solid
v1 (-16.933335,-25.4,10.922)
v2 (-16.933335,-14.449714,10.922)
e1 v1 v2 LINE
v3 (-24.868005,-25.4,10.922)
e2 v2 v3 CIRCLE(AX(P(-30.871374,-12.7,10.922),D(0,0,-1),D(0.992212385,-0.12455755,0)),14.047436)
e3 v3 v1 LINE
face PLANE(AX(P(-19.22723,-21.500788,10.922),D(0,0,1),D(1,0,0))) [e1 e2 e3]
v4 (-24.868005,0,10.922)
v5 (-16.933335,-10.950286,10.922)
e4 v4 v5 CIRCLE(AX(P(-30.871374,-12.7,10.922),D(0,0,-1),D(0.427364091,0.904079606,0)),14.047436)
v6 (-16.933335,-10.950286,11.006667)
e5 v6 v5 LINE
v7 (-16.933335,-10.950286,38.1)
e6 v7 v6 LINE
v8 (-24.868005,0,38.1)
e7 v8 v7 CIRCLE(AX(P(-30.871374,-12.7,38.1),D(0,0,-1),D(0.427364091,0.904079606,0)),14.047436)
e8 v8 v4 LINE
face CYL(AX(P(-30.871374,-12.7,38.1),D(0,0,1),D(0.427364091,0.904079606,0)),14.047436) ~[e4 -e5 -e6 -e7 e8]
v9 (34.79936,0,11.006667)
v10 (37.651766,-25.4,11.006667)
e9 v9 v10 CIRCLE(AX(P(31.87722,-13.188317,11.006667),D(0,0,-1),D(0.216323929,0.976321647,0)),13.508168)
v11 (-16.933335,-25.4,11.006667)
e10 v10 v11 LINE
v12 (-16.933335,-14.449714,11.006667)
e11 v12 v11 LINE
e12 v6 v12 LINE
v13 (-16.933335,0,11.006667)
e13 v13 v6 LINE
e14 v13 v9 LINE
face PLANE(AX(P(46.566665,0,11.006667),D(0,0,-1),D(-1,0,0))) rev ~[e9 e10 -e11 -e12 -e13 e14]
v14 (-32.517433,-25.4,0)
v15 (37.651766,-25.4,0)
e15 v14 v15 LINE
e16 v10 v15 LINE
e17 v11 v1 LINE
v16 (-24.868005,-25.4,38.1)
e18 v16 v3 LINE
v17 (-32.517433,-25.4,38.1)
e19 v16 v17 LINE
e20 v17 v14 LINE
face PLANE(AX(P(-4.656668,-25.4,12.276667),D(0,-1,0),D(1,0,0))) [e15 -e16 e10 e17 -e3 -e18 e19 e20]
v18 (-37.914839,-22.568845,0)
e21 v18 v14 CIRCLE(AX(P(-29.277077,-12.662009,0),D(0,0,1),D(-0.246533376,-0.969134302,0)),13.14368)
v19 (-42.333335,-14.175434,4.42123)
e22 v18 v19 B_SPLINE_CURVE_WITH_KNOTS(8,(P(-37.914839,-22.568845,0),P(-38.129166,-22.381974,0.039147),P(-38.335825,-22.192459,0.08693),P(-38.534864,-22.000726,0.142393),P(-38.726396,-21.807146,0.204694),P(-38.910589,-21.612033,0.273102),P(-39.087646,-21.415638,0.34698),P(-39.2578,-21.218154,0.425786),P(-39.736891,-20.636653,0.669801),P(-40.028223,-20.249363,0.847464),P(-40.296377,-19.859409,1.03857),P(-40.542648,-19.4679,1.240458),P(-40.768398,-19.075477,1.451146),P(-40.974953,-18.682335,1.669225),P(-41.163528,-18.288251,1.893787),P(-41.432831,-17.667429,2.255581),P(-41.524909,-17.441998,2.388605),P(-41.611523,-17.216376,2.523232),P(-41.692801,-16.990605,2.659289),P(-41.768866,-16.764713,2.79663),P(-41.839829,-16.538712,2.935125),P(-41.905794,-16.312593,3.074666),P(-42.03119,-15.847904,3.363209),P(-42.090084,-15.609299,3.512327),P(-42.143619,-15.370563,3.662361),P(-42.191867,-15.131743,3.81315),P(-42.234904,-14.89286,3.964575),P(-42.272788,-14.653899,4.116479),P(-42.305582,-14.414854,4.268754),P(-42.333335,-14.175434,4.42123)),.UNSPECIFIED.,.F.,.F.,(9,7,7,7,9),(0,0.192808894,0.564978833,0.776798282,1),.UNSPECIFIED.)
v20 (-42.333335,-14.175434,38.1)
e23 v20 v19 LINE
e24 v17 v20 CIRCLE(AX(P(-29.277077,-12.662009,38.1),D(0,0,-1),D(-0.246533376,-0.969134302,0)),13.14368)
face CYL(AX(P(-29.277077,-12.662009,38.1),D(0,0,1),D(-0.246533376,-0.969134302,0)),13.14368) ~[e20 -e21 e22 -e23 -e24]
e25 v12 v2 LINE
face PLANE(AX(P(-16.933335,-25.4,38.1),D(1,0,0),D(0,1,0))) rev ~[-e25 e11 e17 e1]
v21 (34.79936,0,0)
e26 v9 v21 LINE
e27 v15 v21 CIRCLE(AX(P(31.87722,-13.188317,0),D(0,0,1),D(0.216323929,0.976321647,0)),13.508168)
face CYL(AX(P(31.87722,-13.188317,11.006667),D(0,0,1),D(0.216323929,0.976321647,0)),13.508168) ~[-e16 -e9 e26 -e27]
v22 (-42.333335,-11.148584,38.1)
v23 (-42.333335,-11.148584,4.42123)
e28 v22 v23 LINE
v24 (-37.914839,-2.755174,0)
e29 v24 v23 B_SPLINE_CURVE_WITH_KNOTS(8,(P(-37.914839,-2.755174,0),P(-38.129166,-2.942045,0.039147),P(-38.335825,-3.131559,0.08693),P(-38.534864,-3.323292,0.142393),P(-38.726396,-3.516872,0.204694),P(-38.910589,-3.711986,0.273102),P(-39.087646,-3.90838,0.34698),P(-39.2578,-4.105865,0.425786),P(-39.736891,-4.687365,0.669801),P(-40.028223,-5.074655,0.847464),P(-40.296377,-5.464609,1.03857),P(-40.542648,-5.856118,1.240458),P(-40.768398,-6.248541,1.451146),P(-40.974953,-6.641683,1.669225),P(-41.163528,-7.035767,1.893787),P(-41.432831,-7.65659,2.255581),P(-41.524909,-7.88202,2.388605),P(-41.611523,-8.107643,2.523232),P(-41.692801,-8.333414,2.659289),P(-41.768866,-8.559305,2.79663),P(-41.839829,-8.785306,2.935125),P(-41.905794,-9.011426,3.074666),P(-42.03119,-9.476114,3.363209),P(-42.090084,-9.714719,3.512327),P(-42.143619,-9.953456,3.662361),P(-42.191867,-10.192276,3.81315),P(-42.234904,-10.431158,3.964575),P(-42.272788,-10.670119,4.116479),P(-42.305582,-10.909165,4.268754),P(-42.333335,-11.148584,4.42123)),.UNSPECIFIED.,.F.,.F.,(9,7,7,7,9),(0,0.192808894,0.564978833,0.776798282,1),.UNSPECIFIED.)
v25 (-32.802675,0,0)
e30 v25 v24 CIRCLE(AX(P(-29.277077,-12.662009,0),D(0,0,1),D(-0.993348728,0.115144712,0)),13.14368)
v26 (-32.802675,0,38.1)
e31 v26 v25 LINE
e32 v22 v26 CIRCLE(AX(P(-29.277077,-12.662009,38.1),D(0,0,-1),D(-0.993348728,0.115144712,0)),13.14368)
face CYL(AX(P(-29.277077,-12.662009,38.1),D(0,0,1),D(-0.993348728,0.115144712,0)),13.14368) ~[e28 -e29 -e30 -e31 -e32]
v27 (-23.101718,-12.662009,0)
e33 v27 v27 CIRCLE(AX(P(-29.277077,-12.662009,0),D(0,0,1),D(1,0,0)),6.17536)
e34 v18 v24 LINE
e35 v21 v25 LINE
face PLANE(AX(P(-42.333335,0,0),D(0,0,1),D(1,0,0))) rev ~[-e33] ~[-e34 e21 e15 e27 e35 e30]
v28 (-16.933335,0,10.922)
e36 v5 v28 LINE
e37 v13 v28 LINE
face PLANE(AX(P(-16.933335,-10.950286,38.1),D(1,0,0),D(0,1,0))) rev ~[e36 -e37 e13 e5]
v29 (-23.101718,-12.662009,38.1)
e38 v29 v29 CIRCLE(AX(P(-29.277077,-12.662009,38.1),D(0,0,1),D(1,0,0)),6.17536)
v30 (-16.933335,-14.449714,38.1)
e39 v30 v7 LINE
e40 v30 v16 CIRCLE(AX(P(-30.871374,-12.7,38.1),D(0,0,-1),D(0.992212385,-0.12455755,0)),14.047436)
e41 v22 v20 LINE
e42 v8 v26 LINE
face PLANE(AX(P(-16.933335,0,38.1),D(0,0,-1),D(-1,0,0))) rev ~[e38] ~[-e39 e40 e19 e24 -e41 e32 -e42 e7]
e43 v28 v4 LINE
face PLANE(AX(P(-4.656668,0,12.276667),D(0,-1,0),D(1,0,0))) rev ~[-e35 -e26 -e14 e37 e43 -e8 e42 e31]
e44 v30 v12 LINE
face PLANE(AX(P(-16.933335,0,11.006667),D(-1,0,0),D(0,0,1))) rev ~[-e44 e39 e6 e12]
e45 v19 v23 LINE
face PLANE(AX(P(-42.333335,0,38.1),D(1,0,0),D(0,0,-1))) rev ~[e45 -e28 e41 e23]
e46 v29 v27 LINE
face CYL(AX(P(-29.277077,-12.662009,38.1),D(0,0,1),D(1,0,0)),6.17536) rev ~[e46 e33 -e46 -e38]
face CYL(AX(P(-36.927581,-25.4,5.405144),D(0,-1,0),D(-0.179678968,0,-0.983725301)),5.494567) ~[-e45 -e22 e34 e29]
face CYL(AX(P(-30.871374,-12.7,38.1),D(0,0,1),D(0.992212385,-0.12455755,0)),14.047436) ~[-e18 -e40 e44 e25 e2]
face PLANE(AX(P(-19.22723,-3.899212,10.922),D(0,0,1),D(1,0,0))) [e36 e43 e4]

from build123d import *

# Parameters (mm, degrees)
F1_DEPTH  = 25.4
F3_DEPTH  = 25.4
F5_DEPTH  = 25.4
F7_DEPTH  = 25.4
F9_DEPTH  = 50.8
F11_DEPTH = 27.178
F13_DEPTH = 25.4
F14_R     = 6.1753595884
F15_DEPTH = 50.8


with BuildPart() as f1:
    # F0 (on Front) → F1 (new body)
    with BuildSketch(Plane.XZ):
        Polygon((-42.333334913, 38.1), (-42.333334913, 0), (46.566665087, 0), (46.566665087, 11.0066671406), (-16.933334913, 11.0066671406), (-16.933334913, 38.1), align=None)
    extrude(amount=F1_DEPTH)

    # F2 (on face) → F3 (cut)
    with BuildSketch(Plane.XZ.offset(25.4)):
        with BuildLine():
            ThreePointArc((-37.9148391216, 0), (-40.8140278818, 1.5211007742), (-42.333334913, 4.4212299399))
            Line((-42.333334913, 4.4212299399), (-42.333334913, 0))
            Line((-42.333334913, 0), (-37.9148391216, 0))
        make_face()
    extrude(amount=-F3_DEPTH, mode=Mode.SUBTRACT)

    # F4 (on face) → F5 (cut)
    with BuildSketch(Plane.XY.offset(11.0066671406)):
        with BuildLine():
            ThreePointArc((34.7993597388, 0), (45.3010079388, -11.6808324), (37.6517660916, -25.4))
            Line((37.6517660916, -25.4), (46.566665087, -25.4))
            Line((46.566665087, -25.4), (46.566665087, 0))
            Line((46.566665087, 0), (34.7993597388, 0))
        make_face()
    extrude(amount=-F5_DEPTH, mode=Mode.SUBTRACT)

    # F6 (on face) → F7 (cut)
    with BuildSketch(Plane.XY.offset(38.1)):
        with BuildLine():
            ThreePointArc((-16.933334913, -24.7742129951), (-12.9263389557, -18.5421251923), (-11.5236387204, -11.2670054659))
            ThreePointArc((-11.5236387204, -11.2670054659), (-49.0871210436, -3.583342718), (-17.5579703651, -25.4))
            Line((-17.5579703651, -25.4), (-42.333334913, -25.4))
            Line((-42.333334913, -25.4), (-42.333334913, 0))
            Line((-42.333334913, 0), (-16.933334913, 0))
            Line((-16.933334913, 0), (-16.933334913, -24.7742129951))
        make_face()
    extrude(amount=-F7_DEPTH, mode=Mode.SUBTRACT)

    # F8 (on face) → F9 (cut)
    with BuildSketch(Plane.XY.offset(38.1)):
        with BuildLine():
            ThreePointArc((-42.333334913, -11.1485840045), (-39.2676835177, -4.1212770864), (-32.8026749194, 0))
            Line((-32.8026749194, 0), (-42.333334913, 0))
            Line((-42.333334913, 0), (-42.333334913, -11.1485840045))
        make_face()
        with BuildLine():
            ThreePointArc((-32.5174331665, -25.4), (-39.1711473149, -21.3143901639), (-42.333334913, -14.1754344072))
            Line((-42.333334913, -14.1754344072), (-42.333334913, -25.4))
            Line((-42.333334913, -25.4), (-32.5174331665, -25.4))
        make_face()
    extrude(amount=-F9_DEPTH, mode=Mode.SUBTRACT)

    # F10 (on face) → F11 (cut)
    with BuildSketch(Plane.XY.offset(38.1)):
        with BuildLine():
            ThreePointArc((-24.8680049162, 0), (-19.4963079038, -4.4575302948), (-16.933334913, -10.95028584))
            Line((-16.933334913, -10.95028584), (-16.933334913, 0))
            Line((-16.933334913, 0), (-24.8680049162, 0))
        make_face()
        with BuildLine():
            ThreePointArc((-16.933334913, -14.44971416), (-19.4963079038, -20.9424697052), (-24.8680049162, -25.4))
            Line((-24.8680049162, -25.4), (-16.933334913, -25.4))
            Line((-16.933334913, -25.4), (-16.933334913, -14.44971416))
        make_face()
    extrude(amount=-F11_DEPTH, mode=Mode.SUBTRACT)

    # F12 (on face) → F13 (cut)
    with BuildSketch(Plane.XY.offset(11.0066671406)):
        with BuildLine():
            ThreePointArc((0, 2.0500258297), (-2.7772999757, 1.5187665416), (-5.1624582049, 0))
            Line((-5.1624582049, 0), (5.1624582049, 0))
            ThreePointArc((5.1624582049, 0), (2.7772999757, 1.5187665416), (0, 2.0500258297))
        make_face()
        with BuildLine():
            ThreePointArc((0, 2.0500258297), (2.7772999757, 1.5187665416), (5.1624582049, 0))
            Line((5.1624582049, 0), (15.1562278536, 0))
            ThreePointArc((15.1562278536, 0), (17.6040380518, 1.6191667448), (20.4805661222, 2.2014570285))
            Line((20.4805661222, 2.2014570285), (0, 2.0500258297))
        make_face()
        with BuildLine():
            ThreePointArc((20.4805661222, 2.2014570285), (17.6040380518, 1.6191667448), (15.1562278536, 0))
            Line((15.1562278536, 0), (25.9184243712, 0))
            ThreePointArc((25.9184243712, 0), (23.4180808332, 1.6406606681), (20.4805661222, 2.2014570285))
        make_face()
    extrude(amount=-F13_DEPTH, mode=Mode.SUBTRACT)

    # F14 (on face) → F15 (cut)
    with BuildSketch(Plane.XY.offset(38.1)):
        with Locations((-29.2770774571, -12.6620092059)):
            Circle(F14_R)
    extrude(amount=-F15_DEPTH, mode=Mode.SUBTRACT)


solid = f1.part
